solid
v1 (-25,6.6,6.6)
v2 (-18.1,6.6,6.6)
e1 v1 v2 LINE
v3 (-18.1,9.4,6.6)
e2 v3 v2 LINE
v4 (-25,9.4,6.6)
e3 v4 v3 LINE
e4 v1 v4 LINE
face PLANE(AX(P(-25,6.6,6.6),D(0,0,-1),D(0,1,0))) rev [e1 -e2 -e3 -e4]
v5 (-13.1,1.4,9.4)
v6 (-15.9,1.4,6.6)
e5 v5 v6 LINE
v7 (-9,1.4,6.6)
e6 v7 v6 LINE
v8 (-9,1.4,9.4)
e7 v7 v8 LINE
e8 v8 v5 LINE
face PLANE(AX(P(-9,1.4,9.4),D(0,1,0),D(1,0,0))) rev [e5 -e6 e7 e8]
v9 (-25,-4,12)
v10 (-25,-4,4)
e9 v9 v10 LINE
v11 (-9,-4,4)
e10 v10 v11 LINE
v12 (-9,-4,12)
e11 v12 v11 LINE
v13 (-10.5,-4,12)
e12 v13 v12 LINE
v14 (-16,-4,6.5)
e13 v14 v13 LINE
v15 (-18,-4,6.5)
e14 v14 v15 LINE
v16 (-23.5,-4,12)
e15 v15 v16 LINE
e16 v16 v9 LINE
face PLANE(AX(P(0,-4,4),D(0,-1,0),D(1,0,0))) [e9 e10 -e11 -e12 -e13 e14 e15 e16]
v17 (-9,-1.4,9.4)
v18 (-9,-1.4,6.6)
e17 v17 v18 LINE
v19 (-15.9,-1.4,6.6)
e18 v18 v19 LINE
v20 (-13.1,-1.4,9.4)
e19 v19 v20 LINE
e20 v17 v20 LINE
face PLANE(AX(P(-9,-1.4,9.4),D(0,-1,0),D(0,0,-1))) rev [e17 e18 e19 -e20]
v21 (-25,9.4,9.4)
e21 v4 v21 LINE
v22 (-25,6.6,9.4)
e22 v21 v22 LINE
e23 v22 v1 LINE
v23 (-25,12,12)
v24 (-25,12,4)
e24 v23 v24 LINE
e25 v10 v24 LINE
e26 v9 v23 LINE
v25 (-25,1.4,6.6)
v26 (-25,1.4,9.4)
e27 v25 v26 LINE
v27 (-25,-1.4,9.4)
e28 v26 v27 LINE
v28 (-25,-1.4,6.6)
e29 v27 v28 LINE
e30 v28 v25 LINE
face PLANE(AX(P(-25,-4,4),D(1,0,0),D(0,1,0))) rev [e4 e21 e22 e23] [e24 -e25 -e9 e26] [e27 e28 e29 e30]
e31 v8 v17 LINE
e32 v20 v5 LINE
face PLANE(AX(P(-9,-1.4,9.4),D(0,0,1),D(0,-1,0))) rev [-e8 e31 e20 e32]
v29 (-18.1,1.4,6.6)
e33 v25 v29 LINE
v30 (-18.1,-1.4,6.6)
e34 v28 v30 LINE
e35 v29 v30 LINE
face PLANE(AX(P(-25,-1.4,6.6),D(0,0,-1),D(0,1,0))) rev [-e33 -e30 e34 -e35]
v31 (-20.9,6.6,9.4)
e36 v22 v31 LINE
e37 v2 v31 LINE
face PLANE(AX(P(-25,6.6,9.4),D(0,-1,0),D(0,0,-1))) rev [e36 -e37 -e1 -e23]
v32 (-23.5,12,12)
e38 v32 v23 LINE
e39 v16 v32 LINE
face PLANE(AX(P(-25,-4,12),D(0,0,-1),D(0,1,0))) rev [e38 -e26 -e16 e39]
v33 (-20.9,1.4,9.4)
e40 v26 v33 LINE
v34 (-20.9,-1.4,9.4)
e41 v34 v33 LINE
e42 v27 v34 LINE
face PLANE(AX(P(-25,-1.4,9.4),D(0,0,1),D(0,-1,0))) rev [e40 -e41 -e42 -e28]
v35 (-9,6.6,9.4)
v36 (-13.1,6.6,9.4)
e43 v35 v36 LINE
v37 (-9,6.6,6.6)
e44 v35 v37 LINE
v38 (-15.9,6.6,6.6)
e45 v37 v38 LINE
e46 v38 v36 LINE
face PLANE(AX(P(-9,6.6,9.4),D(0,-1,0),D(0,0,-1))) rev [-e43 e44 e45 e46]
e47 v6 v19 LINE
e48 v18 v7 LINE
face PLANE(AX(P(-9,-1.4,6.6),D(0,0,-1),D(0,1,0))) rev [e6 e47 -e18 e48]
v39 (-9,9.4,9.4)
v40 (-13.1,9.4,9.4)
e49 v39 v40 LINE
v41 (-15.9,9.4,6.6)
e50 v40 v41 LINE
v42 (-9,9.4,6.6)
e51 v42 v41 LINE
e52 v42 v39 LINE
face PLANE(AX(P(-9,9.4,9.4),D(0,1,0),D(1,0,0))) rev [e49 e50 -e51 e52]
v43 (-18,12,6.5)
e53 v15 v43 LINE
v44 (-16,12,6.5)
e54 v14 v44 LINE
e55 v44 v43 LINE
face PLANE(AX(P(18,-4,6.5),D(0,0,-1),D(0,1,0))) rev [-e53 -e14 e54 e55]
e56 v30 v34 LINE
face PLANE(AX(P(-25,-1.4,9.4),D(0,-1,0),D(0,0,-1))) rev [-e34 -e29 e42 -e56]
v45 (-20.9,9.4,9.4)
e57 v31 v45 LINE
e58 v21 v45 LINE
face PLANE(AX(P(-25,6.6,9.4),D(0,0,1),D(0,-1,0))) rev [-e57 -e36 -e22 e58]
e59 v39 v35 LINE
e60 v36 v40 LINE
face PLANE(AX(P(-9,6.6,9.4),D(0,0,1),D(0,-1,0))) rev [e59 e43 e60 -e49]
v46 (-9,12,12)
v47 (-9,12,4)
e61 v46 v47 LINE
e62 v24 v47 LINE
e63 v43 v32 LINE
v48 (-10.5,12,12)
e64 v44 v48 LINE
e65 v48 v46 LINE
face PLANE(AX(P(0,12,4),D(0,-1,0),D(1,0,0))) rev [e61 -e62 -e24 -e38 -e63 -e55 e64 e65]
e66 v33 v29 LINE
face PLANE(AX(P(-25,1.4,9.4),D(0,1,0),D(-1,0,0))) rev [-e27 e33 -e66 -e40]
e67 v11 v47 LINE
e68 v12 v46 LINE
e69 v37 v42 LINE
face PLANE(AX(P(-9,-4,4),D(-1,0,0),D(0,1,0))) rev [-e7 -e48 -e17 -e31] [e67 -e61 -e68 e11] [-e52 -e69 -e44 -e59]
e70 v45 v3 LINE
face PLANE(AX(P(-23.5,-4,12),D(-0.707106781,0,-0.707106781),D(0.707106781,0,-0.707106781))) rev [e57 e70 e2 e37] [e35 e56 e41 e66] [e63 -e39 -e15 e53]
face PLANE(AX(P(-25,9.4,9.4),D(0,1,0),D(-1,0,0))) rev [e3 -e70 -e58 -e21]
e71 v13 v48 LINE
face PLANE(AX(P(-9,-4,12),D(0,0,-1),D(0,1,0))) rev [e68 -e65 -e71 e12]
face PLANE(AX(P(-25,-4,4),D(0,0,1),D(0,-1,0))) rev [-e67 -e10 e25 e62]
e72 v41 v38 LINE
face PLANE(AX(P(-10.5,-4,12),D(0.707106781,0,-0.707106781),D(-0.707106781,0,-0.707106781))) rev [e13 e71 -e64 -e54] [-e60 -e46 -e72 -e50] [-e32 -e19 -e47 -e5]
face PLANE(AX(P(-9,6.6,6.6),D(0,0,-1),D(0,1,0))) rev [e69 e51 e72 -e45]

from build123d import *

# Parameters (mm, degrees)
RESSALTO_EXTRUS_O1_DEPTH  = 16
ESBO_O2_W                 = 2.8
ESBO_O2_H                 = 2.8
CORTE_EXTRUS_O1_DEPTH     = 54.103672189
ESBO_O4_W                 = 2.8
ESBO_O4_H                 = 2.8
CORTE_EXTRUS_O2_DEPTH     = 31.186917696
CORPO_MOVER_COPIAR1_ANGLE = 90
ESBO_O6_W                 = 30
ESBO_O6_H                 = 16
CORTE_EXTRUS_O3_DEPTH     = 29.861739379
ESBO_O7_W                 = 25.221413321
ESBO_O7_H                 = 12.57615678
RESSALTO_EXTRUS_O2_DEPTH  = 2.5
ESBO_O8_W                 = 2.8
ESBO_O8_H                 = 2.8
CORTE_EXTRUS_O4_DEPTH     = 29.271009886
ESBO_O10_W                = 32
ESBO_O10_H                = 16
CORTE_EXTRUS_O5_DEPTH     = 10


with BuildPart() as part:
    # Esboço1 → Ressalto-extrusão1 (new body)
    with BuildSketch(Plane.XY):
        Polygon((-25, 0), (25, 0), (25, 8), (23.5, 8), (18, 2.5), (-18, 2.5), (-23.5, 8), (-25, 8), align=None)
    extrude(amount=RESSALTO_EXTRUS_O1_DEPTH)

    # Esboço2 → Corte-extrusão1 (cut, through all)
    with BuildSketch(Plane(origin=(25, 0, 0), x_dir=(0, 0, -1), z_dir=(1, 0, 0))):
        with Locations((-4, 4)):
            Rectangle(ESBO_O2_W, ESBO_O2_H)
        with Locations((-12, 4)):
            Rectangle(ESBO_O2_W, ESBO_O2_H)
    extrude(amount=-CORTE_EXTRUS_O1_DEPTH, mode=Mode.SUBTRACT)

    # Esboço4 → Corte-extrusão2 (cut, through all)
    with BuildSketch(Plane(origin=(0, 2.5, 0), x_dir=(1, 0, 0), z_dir=(0, 1, 0))):
        with Locations((-16, -4)):
            Rectangle(ESBO_O4_W, ESBO_O4_H)
        with Locations((-8, -4)):
            Rectangle(ESBO_O4_W, ESBO_O4_H)
        with Locations((0, -4)):
            Rectangle(ESBO_O4_W, ESBO_O4_H)
        with Locations((8, -4)):
            Rectangle(ESBO_O4_W, ESBO_O4_H)
        with Locations((16, -4)):
            Rectangle(ESBO_O4_W, ESBO_O4_H)
        with Locations((-8, -12)):
            Rectangle(ESBO_O4_W, ESBO_O4_H)
        with Locations((0, -12)):
            Rectangle(ESBO_O4_W, ESBO_O4_H)
        with Locations((8, -12)):
            Rectangle(ESBO_O4_W, ESBO_O4_H)
        with Locations((16, -12)):
            Rectangle(ESBO_O4_W, ESBO_O4_H)
        with Locations((-16, -12)):
            Rectangle(ESBO_O4_W, ESBO_O4_H)
    extrude(amount=-CORTE_EXTRUS_O2_DEPTH, mode=Mode.SUBTRACT)


with BuildPart() as part_1:
    # Corpo-Mover/Copiar1: moved
    add(part.part.rotate(Axis((0, 4, 8), (1, 0, 0)), CORPO_MOVER_COPIAR1_ANGLE))

    # Esboço6 → Corte-extrusão3 (cut, through all)
    with BuildSketch(Plane(origin=(0, 0, 4), x_dir=(-1, 0, 0), z_dir=(0, 0, -1))):
        with Locations((-10, 4)):
            Rectangle(ESBO_O6_W, ESBO_O6_H)
    extrude(amount=-CORTE_EXTRUS_O3_DEPTH, mode=Mode.SUBTRACT)

    # Espelhar3: part across plane


with BuildPart() as part_2:
    add(part_1.part)
    add(part_1.part.mirror(Plane(origin=(-5, -4, 12), x_dir=(0, 0, 1), z_dir=(-1, 0, 0))))

    # Esboço7 → Ressalto-extrusão2 (add, through all)
    with BuildSketch(Plane.XY.offset(6.5)):
        with Locations((-4.971284079, 3.626460754)):
            Rectangle(ESBO_O7_W, ESBO_O7_H)
    extrude(amount=-RESSALTO_EXTRUS_O2_DEPTH)

    # Esboço8 → Corte-extrusão4 (cut, through all)
    with BuildSketch(Plane.XY.offset(6.5)):
        with Locations((-5, 8)):
            Rectangle(ESBO_O8_W, ESBO_O8_H)
        with Locations((-13, 8)):
            Rectangle(ESBO_O8_W, ESBO_O8_H)
        with Locations((3, 8)):
            Rectangle(ESBO_O8_W, ESBO_O8_H)
        with Locations((-5, 0)):
            Rectangle(ESBO_O8_W, ESBO_O8_H)
        with Locations((3, 0)):
            Rectangle(ESBO_O8_W, ESBO_O8_H)
        with Locations((-13, 0)):
            Rectangle(ESBO_O8_W, ESBO_O8_H)
    extrude(amount=-CORTE_EXTRUS_O4_DEPTH, mode=Mode.SUBTRACT)

    # Esboço10 → Corte-extrusão5 (cut)
    with BuildSketch(Plane(origin=(0, 0, 4), x_dir=(-1, 0, 0), z_dir=(0, 0, -1))):
        with Locations((1, 4)):
            Rectangle(ESBO_O10_W, ESBO_O10_H)
    extrude(amount=-CORTE_EXTRUS_O5_DEPTH, mode=Mode.SUBTRACT)

    # Espelhar4: part across plane


with BuildPart() as part_3:
    add(part_2.part)
    add(part_2.part.mirror(Plane(origin=(-17, -4, 14), x_dir=(0, 0, 1), z_dir=(-1, 0, 0))))


solid = part_3.part
